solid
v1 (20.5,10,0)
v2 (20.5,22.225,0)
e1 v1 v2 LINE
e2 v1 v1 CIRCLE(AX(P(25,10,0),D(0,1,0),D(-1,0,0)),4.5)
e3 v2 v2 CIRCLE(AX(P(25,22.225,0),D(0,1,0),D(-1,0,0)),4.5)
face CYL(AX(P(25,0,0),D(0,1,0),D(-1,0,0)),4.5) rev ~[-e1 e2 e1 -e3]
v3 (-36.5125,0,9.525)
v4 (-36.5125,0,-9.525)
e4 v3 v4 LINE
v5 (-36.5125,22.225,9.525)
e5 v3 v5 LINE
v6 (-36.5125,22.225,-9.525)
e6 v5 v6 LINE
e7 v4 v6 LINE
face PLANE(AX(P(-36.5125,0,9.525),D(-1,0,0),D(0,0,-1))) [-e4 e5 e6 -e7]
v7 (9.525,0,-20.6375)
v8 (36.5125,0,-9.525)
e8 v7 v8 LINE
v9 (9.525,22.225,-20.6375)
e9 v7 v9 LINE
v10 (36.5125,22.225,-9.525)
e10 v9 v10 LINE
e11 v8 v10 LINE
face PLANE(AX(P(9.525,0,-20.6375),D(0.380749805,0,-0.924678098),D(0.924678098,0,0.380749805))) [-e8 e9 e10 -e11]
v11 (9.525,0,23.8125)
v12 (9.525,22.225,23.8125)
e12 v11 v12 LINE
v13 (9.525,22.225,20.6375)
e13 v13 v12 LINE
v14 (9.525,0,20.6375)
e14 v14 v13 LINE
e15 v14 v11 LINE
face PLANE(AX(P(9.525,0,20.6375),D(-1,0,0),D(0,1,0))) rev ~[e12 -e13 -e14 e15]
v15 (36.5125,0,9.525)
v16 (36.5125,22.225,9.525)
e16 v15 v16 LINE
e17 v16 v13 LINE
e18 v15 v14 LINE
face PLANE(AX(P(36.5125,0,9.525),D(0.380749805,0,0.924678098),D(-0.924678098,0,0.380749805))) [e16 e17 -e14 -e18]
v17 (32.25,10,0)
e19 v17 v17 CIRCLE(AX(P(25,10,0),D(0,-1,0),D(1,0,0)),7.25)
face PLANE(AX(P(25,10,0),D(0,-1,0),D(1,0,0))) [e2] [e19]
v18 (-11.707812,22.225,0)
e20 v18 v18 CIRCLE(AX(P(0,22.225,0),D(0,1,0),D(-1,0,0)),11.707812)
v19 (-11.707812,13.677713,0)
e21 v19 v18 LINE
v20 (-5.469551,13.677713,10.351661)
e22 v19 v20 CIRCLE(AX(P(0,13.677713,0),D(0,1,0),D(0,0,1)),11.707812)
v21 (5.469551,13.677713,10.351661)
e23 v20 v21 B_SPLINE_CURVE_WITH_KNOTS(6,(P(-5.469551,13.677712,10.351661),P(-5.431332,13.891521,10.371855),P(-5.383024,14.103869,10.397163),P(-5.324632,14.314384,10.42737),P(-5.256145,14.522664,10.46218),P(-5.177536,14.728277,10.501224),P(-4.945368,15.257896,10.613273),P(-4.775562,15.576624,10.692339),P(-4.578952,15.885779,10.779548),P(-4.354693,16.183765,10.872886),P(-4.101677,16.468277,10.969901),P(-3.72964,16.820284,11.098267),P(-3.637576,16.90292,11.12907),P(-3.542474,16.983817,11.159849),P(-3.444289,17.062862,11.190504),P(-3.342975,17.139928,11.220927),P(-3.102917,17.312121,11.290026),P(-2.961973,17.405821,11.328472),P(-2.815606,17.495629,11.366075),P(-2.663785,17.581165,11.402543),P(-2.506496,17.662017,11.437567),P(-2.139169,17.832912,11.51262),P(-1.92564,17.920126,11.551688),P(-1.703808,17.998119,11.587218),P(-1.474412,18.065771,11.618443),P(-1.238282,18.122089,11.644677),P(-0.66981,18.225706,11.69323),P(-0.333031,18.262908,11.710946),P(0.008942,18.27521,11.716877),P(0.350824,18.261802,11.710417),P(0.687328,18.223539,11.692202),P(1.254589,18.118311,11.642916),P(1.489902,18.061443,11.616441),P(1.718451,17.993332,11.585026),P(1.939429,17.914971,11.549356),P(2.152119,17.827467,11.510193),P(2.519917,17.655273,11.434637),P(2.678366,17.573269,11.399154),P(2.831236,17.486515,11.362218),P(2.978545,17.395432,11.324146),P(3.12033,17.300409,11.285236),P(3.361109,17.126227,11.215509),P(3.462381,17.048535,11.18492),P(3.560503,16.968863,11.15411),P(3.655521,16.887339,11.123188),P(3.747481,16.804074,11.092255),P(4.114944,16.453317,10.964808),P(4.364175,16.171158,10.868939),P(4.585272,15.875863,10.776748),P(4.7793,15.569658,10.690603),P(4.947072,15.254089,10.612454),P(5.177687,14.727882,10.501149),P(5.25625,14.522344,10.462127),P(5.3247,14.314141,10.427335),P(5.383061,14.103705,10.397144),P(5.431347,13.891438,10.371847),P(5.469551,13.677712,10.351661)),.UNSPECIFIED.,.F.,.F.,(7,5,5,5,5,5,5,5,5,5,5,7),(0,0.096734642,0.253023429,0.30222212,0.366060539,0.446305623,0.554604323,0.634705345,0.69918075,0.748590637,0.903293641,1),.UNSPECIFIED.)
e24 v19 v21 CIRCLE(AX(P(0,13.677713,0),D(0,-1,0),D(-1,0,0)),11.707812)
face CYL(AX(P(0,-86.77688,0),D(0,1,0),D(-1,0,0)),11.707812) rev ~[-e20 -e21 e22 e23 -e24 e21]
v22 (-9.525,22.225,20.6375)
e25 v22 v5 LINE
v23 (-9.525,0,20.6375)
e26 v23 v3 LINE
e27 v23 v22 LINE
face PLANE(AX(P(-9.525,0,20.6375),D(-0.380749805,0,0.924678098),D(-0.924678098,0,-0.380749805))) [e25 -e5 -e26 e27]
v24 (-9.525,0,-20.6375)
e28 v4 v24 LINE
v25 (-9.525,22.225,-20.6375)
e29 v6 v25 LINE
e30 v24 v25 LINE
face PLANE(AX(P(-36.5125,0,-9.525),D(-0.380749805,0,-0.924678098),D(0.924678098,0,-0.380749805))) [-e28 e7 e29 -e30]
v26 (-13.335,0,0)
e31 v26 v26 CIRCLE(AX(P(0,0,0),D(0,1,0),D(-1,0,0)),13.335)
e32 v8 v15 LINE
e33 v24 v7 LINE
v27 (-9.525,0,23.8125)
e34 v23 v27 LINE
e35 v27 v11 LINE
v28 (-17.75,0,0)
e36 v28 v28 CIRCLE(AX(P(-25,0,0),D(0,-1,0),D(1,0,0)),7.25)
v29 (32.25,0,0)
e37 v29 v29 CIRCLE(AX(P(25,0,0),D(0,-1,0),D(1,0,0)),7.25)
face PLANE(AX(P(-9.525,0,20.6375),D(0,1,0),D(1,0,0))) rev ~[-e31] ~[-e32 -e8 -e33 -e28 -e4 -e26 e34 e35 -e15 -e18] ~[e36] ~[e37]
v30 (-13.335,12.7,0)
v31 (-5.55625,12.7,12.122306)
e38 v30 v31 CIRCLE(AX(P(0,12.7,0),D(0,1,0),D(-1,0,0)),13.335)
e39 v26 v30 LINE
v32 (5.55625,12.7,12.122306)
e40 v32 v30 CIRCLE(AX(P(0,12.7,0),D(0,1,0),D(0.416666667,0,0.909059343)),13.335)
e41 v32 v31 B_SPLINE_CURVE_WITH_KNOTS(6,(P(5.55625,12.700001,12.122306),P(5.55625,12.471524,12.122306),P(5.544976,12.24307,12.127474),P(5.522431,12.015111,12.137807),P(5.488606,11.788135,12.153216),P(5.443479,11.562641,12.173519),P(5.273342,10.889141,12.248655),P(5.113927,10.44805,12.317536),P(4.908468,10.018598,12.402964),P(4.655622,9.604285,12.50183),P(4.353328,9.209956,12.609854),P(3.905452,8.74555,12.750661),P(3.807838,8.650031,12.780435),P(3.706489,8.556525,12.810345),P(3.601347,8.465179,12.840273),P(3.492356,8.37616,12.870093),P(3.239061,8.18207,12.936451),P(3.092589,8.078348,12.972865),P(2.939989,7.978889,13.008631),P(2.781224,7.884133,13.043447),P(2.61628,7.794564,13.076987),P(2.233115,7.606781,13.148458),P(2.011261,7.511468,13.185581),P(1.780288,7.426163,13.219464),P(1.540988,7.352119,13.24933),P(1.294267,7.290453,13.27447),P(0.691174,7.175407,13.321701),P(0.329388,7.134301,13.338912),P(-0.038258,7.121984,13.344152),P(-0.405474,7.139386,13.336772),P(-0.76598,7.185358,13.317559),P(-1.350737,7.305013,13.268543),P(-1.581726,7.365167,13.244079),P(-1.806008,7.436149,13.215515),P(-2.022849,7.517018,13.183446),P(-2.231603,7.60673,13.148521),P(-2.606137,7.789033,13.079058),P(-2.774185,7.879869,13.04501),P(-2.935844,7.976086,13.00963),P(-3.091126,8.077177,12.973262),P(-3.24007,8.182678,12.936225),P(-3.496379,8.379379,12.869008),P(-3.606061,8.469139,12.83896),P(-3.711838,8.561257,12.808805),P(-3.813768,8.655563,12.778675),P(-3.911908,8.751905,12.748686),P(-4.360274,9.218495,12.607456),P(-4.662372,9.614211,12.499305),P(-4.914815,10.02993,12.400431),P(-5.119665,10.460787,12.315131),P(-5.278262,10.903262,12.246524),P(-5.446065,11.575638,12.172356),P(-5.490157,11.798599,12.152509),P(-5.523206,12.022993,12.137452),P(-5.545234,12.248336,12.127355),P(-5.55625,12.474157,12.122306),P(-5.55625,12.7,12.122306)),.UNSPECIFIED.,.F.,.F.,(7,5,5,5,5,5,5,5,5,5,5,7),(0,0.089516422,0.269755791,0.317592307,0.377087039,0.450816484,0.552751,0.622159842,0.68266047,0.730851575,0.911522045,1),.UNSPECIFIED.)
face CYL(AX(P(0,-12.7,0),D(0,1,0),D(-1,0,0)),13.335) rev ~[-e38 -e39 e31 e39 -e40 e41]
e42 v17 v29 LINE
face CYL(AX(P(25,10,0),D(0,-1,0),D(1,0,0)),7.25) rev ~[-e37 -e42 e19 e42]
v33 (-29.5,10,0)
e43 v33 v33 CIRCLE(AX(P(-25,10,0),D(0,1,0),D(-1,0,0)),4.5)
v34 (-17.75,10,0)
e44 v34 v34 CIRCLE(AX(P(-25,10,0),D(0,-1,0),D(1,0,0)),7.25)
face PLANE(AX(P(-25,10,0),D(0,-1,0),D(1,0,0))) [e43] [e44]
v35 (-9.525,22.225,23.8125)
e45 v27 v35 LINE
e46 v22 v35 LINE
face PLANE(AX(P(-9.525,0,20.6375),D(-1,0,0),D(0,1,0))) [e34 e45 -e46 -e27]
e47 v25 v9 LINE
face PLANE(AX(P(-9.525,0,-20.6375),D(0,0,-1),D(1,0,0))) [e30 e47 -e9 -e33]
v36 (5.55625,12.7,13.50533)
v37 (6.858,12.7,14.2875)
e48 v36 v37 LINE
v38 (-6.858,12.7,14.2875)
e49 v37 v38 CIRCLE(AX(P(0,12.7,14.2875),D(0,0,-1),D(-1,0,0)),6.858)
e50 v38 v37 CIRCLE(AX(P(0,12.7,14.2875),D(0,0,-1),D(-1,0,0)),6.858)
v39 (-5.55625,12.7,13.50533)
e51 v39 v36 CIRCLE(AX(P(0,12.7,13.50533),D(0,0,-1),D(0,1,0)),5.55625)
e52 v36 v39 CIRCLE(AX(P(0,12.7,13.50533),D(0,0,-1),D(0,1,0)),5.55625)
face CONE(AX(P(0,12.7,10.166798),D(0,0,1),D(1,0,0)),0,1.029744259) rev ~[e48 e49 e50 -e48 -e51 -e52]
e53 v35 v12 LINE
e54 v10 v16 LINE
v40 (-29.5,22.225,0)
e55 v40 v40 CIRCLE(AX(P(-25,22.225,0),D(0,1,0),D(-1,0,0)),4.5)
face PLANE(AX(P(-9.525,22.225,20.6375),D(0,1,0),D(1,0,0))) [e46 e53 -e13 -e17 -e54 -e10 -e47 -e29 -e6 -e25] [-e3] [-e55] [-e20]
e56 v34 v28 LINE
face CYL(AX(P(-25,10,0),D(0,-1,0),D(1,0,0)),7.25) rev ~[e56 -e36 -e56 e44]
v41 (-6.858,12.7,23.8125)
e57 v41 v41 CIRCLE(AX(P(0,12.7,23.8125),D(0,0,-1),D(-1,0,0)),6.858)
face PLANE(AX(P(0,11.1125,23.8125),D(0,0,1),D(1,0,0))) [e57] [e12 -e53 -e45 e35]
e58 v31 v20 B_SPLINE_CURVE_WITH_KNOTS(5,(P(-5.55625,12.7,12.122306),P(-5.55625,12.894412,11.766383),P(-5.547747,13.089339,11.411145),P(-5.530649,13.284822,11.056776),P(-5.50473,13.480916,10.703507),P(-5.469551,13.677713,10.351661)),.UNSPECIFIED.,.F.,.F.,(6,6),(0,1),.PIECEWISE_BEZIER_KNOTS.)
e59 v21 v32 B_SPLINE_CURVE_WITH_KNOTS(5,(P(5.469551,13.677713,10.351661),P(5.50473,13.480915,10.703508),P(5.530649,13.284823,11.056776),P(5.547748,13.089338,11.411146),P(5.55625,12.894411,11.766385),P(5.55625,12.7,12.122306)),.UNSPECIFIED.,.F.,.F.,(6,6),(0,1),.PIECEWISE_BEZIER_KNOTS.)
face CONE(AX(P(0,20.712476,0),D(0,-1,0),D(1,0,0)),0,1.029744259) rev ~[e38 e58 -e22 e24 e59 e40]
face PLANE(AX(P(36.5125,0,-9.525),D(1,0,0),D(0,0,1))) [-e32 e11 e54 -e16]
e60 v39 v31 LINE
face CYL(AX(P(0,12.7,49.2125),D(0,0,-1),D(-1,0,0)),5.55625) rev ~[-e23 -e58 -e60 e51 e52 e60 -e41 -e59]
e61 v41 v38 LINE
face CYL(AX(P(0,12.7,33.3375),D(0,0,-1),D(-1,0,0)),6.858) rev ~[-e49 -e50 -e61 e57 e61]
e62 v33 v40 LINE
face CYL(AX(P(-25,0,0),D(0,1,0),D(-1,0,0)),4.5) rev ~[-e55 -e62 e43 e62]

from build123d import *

# Parameters (mm, degrees)
F1_DEPTH        = 22.225
F3_D            = 23.415625
F4_D            = 26.67
F4_DEPTH        = 12.7
F4_TIP          = 8.0124763547
F5_W            = 19.05
F5_H            = 22.225
F6_DEPTH        = 3.175
F8_D            = 11.1125
F8_DEPTH        = 25.4
F8_TIP          = 3.3385318145
F9_D            = 13.716
F9_DEPTH        = 9.525
F9_TIP          = 4.1207021253
F11_D           = 9
F11_CBORE_D     = 14.5
F11_CBORE_DEPTH = 10


with BuildPart() as f1:
    # F0 (on Front) → F1 (new body)
    with BuildSketch(Plane.XZ):
        Polygon((-9.525, 20.6375), (-36.5125, 9.525), (-36.5125, -9.525), (-9.525, -20.6375), (9.525, -20.6375), (36.5125, -9.525), (36.5125, 9.525), (9.525, 20.6375), align=None)
    extrude(amount=-F1_DEPTH)

    # F3 (through all)
    with Locations(Plane.XZ):
        with Locations((0, 0)):
            Hole(F3_D / 2)

    # F4
    with Locations(Plane.XZ):
        with Locations((0, 0)):
            Hole(F4_D / 2, depth=F4_DEPTH)
            with Locations((0, 0, -(F4_DEPTH + F4_TIP / 2))):  # 118° drill point
                Cone(0, F4_D / 2, F4_TIP, mode=Mode.SUBTRACT)

    # F5 (on face) → F6 (join)
    with BuildSketch(Plane.XY.offset(20.6375)):
        with Locations((0, 11.1125)):
            Rectangle(F5_W, F5_H)
    extrude(amount=F6_DEPTH)

    # F8
    with Locations(Plane.XY.offset(23.8125)):
        with Locations((0, 12.7)):
            Hole(F8_D / 2, depth=F8_DEPTH)
            with Locations((0, 0, -(F8_DEPTH + F8_TIP / 2))):  # 118° drill point
                Cone(0, F8_D / 2, F8_TIP, mode=Mode.SUBTRACT)

    # F9
    with Locations(Plane.XY.offset(23.8125)):
        with Locations((0, 12.7)):
            Hole(F9_D / 2, depth=F9_DEPTH)
            with Locations((0, 0, -(F9_DEPTH + F9_TIP / 2))):  # 118° drill point
                Cone(0, F9_D / 2, F9_TIP, mode=Mode.SUBTRACT)

    # F11 (through all)
    with Locations(Plane.XZ):
        with Locations((-25, 0), (25, 0)):
            CounterBoreHole(F11_D / 2, F11_CBORE_D / 2, F11_CBORE_DEPTH)


solid = f1.part
